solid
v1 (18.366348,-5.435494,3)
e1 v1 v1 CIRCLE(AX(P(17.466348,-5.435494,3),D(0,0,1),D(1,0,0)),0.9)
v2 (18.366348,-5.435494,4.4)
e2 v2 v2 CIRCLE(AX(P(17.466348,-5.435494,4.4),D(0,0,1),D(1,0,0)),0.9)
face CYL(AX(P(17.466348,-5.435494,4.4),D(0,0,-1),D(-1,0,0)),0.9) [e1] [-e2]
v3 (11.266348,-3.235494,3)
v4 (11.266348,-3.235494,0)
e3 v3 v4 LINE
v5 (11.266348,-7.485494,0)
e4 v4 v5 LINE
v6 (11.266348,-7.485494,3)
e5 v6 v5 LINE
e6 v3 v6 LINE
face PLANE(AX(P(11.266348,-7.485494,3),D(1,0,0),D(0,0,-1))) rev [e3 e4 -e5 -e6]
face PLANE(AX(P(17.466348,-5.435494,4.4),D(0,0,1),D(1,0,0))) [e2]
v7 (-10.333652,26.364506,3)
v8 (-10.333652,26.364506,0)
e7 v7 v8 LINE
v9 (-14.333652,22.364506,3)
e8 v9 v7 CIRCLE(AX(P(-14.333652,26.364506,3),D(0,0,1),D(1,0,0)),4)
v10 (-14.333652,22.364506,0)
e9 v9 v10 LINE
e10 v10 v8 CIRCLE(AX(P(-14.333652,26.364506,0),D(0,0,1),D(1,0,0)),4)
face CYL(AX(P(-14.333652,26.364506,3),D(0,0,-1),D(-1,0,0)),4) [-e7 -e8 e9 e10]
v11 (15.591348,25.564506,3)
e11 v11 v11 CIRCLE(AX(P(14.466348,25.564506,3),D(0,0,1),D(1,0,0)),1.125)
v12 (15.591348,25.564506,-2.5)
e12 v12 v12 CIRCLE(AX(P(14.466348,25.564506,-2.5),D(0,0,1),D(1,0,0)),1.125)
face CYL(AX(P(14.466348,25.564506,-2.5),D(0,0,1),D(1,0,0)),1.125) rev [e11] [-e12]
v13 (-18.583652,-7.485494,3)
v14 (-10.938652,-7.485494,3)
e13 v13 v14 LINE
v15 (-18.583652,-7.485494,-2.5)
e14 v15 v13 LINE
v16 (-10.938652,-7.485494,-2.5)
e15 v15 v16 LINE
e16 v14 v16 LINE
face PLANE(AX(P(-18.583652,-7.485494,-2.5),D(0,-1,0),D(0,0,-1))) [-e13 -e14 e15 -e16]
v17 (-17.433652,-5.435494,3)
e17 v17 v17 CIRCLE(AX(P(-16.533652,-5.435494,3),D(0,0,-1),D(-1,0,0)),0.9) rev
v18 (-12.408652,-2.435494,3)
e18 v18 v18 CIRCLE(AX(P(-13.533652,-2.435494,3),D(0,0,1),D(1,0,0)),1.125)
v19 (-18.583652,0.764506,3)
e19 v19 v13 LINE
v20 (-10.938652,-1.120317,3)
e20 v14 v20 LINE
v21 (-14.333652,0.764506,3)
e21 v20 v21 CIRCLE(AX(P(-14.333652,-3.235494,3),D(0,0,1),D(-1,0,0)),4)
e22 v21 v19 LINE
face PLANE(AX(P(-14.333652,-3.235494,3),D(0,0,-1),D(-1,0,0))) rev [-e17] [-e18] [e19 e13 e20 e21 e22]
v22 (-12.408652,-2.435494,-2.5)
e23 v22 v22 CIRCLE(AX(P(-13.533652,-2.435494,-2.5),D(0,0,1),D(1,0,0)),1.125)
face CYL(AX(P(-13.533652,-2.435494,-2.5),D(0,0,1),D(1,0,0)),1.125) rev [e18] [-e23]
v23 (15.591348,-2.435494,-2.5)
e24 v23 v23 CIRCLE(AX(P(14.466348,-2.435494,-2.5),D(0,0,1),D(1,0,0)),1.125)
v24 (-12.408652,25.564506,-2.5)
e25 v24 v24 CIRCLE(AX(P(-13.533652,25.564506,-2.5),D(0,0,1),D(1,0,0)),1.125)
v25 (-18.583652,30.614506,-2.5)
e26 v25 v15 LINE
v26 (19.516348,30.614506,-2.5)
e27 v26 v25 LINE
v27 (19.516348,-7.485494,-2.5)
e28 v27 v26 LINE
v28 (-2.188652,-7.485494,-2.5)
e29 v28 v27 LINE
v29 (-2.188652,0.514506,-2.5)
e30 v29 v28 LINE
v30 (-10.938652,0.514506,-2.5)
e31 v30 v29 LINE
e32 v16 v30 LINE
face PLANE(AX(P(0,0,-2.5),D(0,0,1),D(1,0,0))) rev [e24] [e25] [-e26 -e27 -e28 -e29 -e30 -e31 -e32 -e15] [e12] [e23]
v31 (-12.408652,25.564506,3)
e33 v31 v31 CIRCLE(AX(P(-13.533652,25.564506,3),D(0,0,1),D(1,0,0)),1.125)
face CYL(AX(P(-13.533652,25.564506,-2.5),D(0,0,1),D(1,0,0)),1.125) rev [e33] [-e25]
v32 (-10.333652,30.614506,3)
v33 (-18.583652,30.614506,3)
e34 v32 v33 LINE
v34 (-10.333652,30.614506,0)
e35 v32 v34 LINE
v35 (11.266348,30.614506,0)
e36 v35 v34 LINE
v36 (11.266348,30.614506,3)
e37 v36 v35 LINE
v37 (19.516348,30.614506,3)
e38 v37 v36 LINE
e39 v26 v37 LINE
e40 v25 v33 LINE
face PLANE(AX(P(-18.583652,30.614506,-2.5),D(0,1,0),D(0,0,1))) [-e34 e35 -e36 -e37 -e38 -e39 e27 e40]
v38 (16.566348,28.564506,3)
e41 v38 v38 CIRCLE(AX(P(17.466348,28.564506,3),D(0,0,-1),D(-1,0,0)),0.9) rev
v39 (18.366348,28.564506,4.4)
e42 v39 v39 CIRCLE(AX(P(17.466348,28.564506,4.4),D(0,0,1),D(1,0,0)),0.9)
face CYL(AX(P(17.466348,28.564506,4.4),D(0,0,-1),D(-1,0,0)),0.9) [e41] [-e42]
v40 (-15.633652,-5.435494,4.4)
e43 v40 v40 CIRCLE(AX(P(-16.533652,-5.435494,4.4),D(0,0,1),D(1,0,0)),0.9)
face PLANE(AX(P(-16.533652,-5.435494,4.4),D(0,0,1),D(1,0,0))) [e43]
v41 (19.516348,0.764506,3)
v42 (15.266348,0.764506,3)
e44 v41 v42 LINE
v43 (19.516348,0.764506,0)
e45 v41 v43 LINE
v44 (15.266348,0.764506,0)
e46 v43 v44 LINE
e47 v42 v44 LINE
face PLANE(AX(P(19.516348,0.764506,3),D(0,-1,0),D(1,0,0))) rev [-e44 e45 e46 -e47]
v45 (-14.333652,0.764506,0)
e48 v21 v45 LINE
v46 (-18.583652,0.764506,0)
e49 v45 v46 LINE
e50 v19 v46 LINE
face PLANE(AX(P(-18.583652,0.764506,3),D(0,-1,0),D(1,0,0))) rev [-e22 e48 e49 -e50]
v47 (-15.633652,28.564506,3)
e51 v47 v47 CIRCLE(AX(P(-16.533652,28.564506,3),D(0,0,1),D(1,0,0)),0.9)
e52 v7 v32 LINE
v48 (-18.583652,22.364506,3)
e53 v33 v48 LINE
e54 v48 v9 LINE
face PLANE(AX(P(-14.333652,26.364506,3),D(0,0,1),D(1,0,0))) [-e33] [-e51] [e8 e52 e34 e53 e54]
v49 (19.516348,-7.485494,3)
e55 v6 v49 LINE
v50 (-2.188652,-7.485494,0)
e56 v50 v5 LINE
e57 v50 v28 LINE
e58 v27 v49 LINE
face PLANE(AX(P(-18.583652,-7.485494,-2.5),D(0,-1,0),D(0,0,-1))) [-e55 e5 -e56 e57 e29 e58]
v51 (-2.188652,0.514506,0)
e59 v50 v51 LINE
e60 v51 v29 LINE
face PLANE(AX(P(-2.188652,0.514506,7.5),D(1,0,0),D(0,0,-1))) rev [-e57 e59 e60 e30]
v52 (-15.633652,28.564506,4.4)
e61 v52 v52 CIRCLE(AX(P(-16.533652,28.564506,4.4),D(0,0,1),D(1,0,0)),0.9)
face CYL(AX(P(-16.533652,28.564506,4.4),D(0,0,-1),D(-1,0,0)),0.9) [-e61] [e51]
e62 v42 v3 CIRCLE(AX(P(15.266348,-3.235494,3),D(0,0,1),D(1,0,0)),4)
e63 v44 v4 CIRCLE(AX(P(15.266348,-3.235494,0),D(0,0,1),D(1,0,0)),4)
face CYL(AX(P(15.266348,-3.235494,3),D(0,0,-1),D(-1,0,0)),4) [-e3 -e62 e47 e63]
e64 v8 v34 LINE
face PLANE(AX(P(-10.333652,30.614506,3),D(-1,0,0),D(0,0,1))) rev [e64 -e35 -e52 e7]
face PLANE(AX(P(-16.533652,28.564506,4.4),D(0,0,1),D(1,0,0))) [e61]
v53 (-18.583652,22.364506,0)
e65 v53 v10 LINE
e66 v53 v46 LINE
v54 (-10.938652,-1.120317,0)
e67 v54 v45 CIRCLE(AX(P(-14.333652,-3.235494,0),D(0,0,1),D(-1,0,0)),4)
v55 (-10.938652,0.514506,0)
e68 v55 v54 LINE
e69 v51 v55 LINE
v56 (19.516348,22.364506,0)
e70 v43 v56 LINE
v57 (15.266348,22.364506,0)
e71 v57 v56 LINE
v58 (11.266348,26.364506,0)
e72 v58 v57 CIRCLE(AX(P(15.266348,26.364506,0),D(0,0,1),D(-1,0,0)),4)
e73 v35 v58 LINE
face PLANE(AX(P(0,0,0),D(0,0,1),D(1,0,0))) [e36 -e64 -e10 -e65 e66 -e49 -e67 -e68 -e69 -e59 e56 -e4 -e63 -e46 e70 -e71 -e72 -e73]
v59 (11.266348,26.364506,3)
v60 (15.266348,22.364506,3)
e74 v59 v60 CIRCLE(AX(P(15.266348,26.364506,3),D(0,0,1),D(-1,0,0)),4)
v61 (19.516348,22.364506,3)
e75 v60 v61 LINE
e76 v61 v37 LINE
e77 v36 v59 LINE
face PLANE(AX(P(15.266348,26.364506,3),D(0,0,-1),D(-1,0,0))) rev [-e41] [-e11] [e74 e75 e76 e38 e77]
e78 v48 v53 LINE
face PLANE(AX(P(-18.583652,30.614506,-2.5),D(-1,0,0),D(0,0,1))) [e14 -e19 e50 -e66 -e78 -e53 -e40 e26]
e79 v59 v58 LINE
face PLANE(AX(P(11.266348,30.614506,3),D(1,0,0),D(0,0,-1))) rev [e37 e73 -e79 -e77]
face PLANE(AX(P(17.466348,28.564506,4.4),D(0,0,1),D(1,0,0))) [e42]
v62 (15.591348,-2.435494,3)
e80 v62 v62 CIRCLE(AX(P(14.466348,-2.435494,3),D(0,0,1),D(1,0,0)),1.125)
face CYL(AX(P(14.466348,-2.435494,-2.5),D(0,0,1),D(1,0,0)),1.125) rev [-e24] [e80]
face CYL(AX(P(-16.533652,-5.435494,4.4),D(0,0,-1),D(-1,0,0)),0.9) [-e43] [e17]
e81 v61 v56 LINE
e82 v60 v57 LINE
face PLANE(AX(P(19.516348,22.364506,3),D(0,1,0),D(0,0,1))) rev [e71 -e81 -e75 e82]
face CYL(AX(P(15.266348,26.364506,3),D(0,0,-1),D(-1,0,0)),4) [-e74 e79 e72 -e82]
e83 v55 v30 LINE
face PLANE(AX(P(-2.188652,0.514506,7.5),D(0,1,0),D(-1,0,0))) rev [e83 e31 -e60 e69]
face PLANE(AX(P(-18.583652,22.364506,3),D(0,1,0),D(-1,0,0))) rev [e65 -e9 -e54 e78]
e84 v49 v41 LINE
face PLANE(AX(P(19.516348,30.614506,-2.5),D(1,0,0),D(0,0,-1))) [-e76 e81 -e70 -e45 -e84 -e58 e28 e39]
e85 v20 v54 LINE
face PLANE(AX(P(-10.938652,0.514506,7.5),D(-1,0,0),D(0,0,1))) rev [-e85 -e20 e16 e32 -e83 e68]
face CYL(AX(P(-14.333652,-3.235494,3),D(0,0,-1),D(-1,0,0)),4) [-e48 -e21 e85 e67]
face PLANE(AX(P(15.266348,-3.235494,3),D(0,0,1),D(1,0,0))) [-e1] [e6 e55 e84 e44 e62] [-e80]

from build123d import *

# Parameters (mm, degrees)
SKETCH3_W           = 38.1
SKETCH3_H           = 38.1
SKETCH3_R           = 1.125
BOSS_EXTRUDE1_DEPTH = 2.5
BOSS_EXTRUDE2_START = 3
SKETCH2_R           = 1.125
BOSS_EXTRUDE2_DEPTH = 3
SKETCH4_W           = 8.75
SKETCH4_H           = 5.25
CUT_EXTRUDE1_DEPTH  = 10
SKETCH6_W           = 8.75
SKETCH6_H           = 2.75
CUT_EXTRUDE2_DEPTH  = 10
SKETCH7_R           = 0.9
BOSS_EXTRUDE3_DEPTH = 1.4


with BuildPart() as part:
    # Sketch3 → Boss-Extrude1 (new body)
    with BuildSketch(Plane.XY):
        with Locations((0.466348003, 11.564505911)):
            Rectangle(SKETCH3_W, SKETCH3_H)
        with Locations((-13.533651997, 25.564505911)):
            Circle(SKETCH3_R, mode=Mode.SUBTRACT)
        with Locations((14.466348003, 25.564505911)):
            Circle(SKETCH3_R, mode=Mode.SUBTRACT)
        with Locations((14.466348003, -2.435494089)):
            Circle(SKETCH3_R, mode=Mode.SUBTRACT)
        with Locations((-13.533651997, -2.435494089)):
            Circle(SKETCH3_R, mode=Mode.SUBTRACT)
    extrude(amount=-BOSS_EXTRUDE1_DEPTH)

    # Sketch2 → Boss-Extrude2 (add)
    # profile 1 of 4: a face of its own
    with BuildSketch(Plane.XY.offset(BOSS_EXTRUDE2_START)):
        with BuildLine():
            Line((-18.583651997, 30.614505911), (-10.333651997, 30.614505911))
            Line((-10.333651997, 30.614505911), (-10.333651997, 26.364505911))
            ThreePointArc((-10.333651997, 26.364505911), (-11.505224872, 23.536078787), (-14.333651997, 22.364505911))
            Line((-14.333651997, 22.364505911), (-18.583651997, 22.364505911))
            Line((-18.583651997, 22.364505911), (-18.583651997, 30.614505911))
        make_face()
        with Locations((-13.533651997, 25.564505911)):
            Circle(SKETCH2_R, mode=Mode.SUBTRACT)
    # profile 2 of 4: a face of its own
    with BuildSketch(Plane.XY.offset(BOSS_EXTRUDE2_START)):
        with BuildLine():
            Line((19.516348003, 30.614505911), (11.266348003, 30.614505911))
            Line((11.266348003, 30.614505911), (11.266348003, 26.364505911))
            ThreePointArc((11.266348003, 26.364505911), (12.437920878, 23.536078787), (15.266348003, 22.364505911))
            Line((15.266348003, 22.364505911), (19.516348003, 22.364505911))
            Line((19.516348003, 22.364505911), (19.516348003, 30.614505911))
        make_face()
        with Locations((14.466348003, 25.564505911)):
            Circle(SKETCH2_R, mode=Mode.SUBTRACT)
    # profile 3 of 4: a face of its own
    with BuildSketch(Plane.XY.offset(BOSS_EXTRUDE2_START)):
        with BuildLine():
            Line((19.516348003, -7.485494089), (11.266348003, -7.485494089))
            Line((11.266348003, -7.485494089), (11.266348003, -3.235494089))
            ThreePointArc((11.266348003, -3.235494089), (12.437920878, -0.407066964), (15.266348003, 0.764505911))
            Line((15.266348003, 0.764505911), (19.516348003, 0.764505911))
            Line((19.516348003, 0.764505911), (19.516348003, -7.485494089))
        make_face()
        with Locations((14.466348003, -2.435494089)):
            Circle(SKETCH2_R, mode=Mode.SUBTRACT)
    # profile 4 of 4: a face of its own
    with BuildSketch(Plane.XY.offset(BOSS_EXTRUDE2_START)):
        with BuildLine():
            Line((-18.583651997, -7.485494089), (-10.333651997, -7.485494089))
            Line((-10.333651997, -7.485494089), (-10.333651997, -3.235494089))
            ThreePointArc((-10.333651997, -3.235494089), (-11.505224872, -0.407066964), (-14.333651997, 0.764505911))
            Line((-14.333651997, 0.764505911), (-18.583651997, 0.764505911))
            Line((-18.583651997, 0.764505911), (-18.583651997, -7.485494089))
        make_face()
        with Locations((-13.533651997, -2.435494089)):
            Circle(SKETCH2_R, mode=Mode.SUBTRACT)
    extrude(amount=-BOSS_EXTRUDE2_DEPTH)

    # Sketch4 → Cut-Extrude1 (cut)
    with BuildSketch(Plane(origin=(0, 0, -2.5), x_dir=(-1, 0, 0), z_dir=(0, 0, -1))):
        with Locations((6.563651997, -2.110494089)):
            Rectangle(SKETCH4_W, SKETCH4_H)
    extrude(amount=-CUT_EXTRUDE1_DEPTH, mode=Mode.SUBTRACT)

    # Sketch6 → Cut-Extrude2 (cut)
    with BuildSketch(Plane(origin=(0, 0, -2.5), x_dir=(-1, 0, 0), z_dir=(0, 0, -1))):
        with Locations((6.563651997, -6.110494089)):
            Rectangle(SKETCH6_W, SKETCH6_H)
    extrude(amount=-CUT_EXTRUDE2_DEPTH, mode=Mode.SUBTRACT)

    # Sketch7 → Boss-Extrude3 (add)
    with BuildSketch(Plane.XY.offset(3)):
        with Locations((-16.533651997, 28.564505911)):
            Circle(SKETCH7_R)
        with Locations(Location((17.466348003, 28.564505911, 0), (0, 0, 180))):
            Circle(SKETCH7_R)
        with Locations((17.466348003, -5.435494089)):
            Circle(SKETCH7_R)
        with Locations(Location((-16.533651997, -5.435494089, 0), (0, 0, 180))):
            Circle(SKETCH7_R)
    extrude(amount=BOSS_EXTRUDE3_DEPTH)


solid = part.part
